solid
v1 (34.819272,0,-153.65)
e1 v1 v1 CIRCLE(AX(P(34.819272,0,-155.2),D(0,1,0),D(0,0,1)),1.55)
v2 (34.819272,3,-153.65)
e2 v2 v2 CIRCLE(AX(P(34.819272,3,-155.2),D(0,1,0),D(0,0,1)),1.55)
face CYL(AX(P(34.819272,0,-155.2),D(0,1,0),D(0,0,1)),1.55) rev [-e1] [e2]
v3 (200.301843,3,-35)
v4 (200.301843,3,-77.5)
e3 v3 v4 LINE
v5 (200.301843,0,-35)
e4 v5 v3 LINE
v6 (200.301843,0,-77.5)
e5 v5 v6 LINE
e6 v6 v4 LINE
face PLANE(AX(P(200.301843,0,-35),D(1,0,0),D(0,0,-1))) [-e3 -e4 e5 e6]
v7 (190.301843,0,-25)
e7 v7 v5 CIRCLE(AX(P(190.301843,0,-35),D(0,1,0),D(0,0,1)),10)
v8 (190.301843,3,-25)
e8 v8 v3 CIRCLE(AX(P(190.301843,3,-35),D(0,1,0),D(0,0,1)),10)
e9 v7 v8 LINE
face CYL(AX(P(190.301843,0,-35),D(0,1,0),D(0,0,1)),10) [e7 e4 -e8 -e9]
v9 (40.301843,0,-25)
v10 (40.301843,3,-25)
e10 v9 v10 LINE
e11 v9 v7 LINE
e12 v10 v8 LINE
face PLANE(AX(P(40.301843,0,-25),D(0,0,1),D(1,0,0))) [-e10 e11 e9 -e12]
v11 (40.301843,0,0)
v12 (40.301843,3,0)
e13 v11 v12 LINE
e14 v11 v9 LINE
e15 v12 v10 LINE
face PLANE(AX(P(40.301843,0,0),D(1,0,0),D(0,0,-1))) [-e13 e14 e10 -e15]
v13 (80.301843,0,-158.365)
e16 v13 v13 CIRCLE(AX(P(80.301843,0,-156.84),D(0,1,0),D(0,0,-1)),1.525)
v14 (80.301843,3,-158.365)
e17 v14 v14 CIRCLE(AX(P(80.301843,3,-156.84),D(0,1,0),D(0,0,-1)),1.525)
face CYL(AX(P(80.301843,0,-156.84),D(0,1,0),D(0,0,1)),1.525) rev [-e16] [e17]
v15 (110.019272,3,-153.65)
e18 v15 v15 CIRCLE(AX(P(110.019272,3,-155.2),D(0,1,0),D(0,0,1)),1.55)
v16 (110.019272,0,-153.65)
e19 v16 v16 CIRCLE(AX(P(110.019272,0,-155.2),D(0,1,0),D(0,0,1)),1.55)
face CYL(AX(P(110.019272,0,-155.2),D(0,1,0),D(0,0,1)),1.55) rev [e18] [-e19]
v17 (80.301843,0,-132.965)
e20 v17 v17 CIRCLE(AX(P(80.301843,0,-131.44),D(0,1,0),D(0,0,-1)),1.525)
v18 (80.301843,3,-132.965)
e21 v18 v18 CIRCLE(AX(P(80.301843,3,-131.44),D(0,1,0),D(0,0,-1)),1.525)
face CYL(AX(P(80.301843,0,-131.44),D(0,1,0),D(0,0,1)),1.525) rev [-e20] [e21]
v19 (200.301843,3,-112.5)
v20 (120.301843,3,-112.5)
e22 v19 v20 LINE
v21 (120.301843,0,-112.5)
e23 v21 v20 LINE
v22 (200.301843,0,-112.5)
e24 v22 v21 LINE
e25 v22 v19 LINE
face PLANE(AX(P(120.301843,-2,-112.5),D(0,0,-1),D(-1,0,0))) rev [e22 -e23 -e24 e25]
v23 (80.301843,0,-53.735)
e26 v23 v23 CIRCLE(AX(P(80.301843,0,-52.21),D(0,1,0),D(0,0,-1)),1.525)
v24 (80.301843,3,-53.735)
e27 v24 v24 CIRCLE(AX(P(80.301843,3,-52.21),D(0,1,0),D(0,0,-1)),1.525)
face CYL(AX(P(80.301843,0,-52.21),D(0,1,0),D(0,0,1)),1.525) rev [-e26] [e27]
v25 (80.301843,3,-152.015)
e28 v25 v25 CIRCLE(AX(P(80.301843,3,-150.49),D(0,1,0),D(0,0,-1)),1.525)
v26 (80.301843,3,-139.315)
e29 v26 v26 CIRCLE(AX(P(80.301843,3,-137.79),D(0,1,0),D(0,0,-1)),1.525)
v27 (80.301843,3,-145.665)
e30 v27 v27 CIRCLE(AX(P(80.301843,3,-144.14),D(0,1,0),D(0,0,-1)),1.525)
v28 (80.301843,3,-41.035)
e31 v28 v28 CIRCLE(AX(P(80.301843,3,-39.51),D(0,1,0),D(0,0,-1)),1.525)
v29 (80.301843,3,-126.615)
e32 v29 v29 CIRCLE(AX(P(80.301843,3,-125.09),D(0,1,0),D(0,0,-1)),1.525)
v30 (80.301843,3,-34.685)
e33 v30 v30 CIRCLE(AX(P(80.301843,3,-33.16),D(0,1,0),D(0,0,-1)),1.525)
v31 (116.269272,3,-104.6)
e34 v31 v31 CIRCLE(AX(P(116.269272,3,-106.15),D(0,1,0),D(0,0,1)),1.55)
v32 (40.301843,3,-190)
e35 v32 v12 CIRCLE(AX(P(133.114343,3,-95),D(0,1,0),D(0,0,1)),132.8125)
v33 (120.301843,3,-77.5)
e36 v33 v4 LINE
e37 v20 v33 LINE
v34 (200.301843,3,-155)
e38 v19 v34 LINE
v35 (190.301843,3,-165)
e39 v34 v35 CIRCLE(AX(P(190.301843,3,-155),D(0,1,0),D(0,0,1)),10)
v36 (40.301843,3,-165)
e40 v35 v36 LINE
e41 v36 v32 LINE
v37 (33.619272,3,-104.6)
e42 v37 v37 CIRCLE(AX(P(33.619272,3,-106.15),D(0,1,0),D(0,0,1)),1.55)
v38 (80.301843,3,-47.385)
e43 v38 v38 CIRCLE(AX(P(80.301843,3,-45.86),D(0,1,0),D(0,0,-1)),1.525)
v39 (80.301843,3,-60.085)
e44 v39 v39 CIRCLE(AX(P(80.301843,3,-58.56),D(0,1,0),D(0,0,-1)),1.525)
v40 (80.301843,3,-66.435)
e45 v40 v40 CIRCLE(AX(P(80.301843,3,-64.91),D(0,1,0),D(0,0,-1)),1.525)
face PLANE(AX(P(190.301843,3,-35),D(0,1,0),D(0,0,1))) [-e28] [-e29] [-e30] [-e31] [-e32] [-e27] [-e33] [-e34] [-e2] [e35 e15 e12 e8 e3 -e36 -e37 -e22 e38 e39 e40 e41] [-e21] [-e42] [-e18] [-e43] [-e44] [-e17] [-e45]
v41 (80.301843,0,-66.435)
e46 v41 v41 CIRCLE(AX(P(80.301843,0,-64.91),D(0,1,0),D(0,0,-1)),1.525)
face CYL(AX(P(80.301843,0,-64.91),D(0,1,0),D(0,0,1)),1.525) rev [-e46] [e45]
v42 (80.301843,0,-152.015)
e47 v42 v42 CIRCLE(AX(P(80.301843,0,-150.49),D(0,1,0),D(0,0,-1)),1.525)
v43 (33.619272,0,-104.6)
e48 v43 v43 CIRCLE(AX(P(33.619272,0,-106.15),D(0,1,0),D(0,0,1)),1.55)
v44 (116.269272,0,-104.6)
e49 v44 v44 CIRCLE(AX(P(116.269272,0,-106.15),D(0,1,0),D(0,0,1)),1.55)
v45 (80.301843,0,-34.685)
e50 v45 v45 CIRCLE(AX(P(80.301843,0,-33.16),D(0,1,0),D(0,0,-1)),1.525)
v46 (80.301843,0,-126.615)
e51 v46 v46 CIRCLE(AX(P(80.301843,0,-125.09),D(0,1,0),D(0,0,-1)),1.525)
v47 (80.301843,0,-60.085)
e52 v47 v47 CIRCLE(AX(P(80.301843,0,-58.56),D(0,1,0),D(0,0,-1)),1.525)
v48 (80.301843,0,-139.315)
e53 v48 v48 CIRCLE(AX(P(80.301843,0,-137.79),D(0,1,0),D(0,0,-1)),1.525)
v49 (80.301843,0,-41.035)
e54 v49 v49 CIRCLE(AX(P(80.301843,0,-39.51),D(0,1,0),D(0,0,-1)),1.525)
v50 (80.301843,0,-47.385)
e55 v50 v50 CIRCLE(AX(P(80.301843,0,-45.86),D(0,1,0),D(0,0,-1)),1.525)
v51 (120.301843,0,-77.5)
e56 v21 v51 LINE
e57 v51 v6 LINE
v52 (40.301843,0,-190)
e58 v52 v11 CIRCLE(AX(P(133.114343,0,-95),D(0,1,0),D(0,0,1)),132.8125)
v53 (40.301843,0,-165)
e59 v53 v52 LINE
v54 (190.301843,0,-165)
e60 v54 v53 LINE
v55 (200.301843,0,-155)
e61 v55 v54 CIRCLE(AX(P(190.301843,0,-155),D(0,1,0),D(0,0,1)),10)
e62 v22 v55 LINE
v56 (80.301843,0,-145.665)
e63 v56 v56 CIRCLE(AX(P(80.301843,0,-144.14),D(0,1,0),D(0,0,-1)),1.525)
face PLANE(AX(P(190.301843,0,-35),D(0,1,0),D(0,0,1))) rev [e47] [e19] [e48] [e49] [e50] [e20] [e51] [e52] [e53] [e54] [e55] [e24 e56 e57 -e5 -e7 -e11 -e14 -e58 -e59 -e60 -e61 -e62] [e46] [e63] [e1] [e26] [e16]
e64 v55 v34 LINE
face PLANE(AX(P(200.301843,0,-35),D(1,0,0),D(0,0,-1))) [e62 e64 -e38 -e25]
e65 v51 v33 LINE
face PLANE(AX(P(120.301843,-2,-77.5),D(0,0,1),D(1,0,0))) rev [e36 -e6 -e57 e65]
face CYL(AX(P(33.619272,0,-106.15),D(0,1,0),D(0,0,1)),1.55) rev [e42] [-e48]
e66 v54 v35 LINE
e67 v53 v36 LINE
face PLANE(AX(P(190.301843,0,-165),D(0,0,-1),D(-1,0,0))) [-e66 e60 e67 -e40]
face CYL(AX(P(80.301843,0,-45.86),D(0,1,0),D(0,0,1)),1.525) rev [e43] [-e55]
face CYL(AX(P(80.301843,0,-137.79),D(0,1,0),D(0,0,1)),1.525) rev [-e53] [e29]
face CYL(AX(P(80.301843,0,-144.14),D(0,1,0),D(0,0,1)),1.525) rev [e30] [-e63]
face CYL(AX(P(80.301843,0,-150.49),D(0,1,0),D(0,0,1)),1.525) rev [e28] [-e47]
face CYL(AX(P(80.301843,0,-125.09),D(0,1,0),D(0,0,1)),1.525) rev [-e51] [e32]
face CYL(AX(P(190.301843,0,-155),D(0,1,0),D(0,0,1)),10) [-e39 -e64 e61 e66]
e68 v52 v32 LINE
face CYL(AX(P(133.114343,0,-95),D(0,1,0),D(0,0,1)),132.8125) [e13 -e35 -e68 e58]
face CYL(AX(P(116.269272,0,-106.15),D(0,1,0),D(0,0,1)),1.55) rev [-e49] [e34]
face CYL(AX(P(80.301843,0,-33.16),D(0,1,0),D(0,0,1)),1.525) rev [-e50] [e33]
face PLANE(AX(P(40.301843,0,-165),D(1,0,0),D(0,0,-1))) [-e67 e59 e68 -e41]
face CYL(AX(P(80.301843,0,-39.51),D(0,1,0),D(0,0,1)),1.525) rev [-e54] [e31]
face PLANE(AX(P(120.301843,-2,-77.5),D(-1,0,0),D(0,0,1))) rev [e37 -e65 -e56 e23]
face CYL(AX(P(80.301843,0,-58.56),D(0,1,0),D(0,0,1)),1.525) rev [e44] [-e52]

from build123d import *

# Parameters (mm, degrees)
SKETCH1_R           = 1.525
BOSS_EXTRUDE1_DEPTH = 3
SKETCH2_W           = 80
SKETCH2_H           = 35
CUT_EXTRUDE1_DEPTH  = 5
SKETCH4_R           = 1.55
CUT_EXTRUDE2_DEPTH  = 277.097497981


with BuildPart() as part:
    # Sketch1 → Boss-Extrude1 (new body)
    with BuildSketch(Plane(origin=(0, 3, 0), x_dir=(1, 0, 0), z_dir=(0, 1, 0))):
        with BuildLine():
            Line((200.301843205, 35), (200.301843205, 155))
            ThreePointArc((200.301843205, 155), (197.372911017, 162.071067812), (190.301843205, 165))
            Line((190.301843205, 165), (40.301843205, 165))
            Line((40.301843205, 165), (40.301843205, 190))
            ThreePointArc((40.301843205, 190), (0.301843205, 95), (40.301843205, 0))
            Line((40.301843205, 0), (40.301843205, 25))
            Line((40.301843205, 25), (190.301843205, 25))
            ThreePointArc((190.301843205, 25), (197.372911017, 27.928932188), (200.301843205, 35))
        make_face()
        with Locations(Location((80.301843205, 33.16, 0), (0, 0, 90))):
            Circle(SKETCH1_R, mode=Mode.SUBTRACT)
        with Locations(Location((80.301843205, 125.09, 0), (0, 0, 90))):
            Circle(SKETCH1_R, mode=Mode.SUBTRACT)
        with Locations(Location((80.301843205, 131.44, 0), (0, 0, 90))):
            Circle(SKETCH1_R, mode=Mode.SUBTRACT)
        with Locations(Location((80.301843205, 137.79, 0), (0, 0, 90))):
            Circle(SKETCH1_R, mode=Mode.SUBTRACT)
        with Locations(Location((80.301843205, 64.91, 0), (0, 0, 90))):
            Circle(SKETCH1_R, mode=Mode.SUBTRACT)
        with Locations(Location((80.301843205, 156.84, 0), (0, 0, 90))):
            Circle(SKETCH1_R, mode=Mode.SUBTRACT)
        with Locations(Location((80.301843205, 150.49, 0), (0, 0, 90))):
            Circle(SKETCH1_R, mode=Mode.SUBTRACT)
        with Locations(Location((80.301843205, 144.14, 0), (0, 0, 90))):
            Circle(SKETCH1_R, mode=Mode.SUBTRACT)
        with Locations(Location((80.301843205, 58.56, 0), (0, 0, 90))):
            Circle(SKETCH1_R, mode=Mode.SUBTRACT)
        with Locations(Location((80.301843205, 52.21, 0), (0, 0, 90))):
            Circle(SKETCH1_R, mode=Mode.SUBTRACT)
        with Locations(Location((80.301843205, 45.86, 0), (0, 0, 90))):
            Circle(SKETCH1_R, mode=Mode.SUBTRACT)
        with Locations(Location((80.301843205, 39.51, 0), (0, 0, 90))):
            Circle(SKETCH1_R, mode=Mode.SUBTRACT)
    extrude(amount=-BOSS_EXTRUDE1_DEPTH)

    # Sketch2 → Cut-Extrude1 (cut)
    with BuildSketch(Plane(origin=(0, 3, 0), x_dir=(1, 0, 0), z_dir=(0, 1, 0))):
        with Locations((160.301843205, 95)):
            Rectangle(SKETCH2_W, SKETCH2_H)
    extrude(amount=-CUT_EXTRUDE1_DEPTH, mode=Mode.SUBTRACT)

    # Sketch4 → Cut-Extrude2 (cut, through all)
    with BuildSketch(Plane(origin=(0, 3, 0), x_dir=(1, 0, 0), z_dir=(0, 1, 0))):
        with Locations(Location((34.819271837, 155.2, 0), (0, 0, 270))):
            Circle(SKETCH4_R)
        with Locations(Location((33.619271837, 106.15, 0), (0, 0, 270))):
            Circle(SKETCH4_R)
        with Locations(Location((110.019271837, 155.2, 0), (0, 0, 270))):
            Circle(SKETCH4_R)
        with Locations(Location((116.269271837, 106.15, 0), (0, 0, 270))):
            Circle(SKETCH4_R)
    extrude(amount=-CUT_EXTRUDE2_DEPTH, mode=Mode.SUBTRACT)


solid = part.part
